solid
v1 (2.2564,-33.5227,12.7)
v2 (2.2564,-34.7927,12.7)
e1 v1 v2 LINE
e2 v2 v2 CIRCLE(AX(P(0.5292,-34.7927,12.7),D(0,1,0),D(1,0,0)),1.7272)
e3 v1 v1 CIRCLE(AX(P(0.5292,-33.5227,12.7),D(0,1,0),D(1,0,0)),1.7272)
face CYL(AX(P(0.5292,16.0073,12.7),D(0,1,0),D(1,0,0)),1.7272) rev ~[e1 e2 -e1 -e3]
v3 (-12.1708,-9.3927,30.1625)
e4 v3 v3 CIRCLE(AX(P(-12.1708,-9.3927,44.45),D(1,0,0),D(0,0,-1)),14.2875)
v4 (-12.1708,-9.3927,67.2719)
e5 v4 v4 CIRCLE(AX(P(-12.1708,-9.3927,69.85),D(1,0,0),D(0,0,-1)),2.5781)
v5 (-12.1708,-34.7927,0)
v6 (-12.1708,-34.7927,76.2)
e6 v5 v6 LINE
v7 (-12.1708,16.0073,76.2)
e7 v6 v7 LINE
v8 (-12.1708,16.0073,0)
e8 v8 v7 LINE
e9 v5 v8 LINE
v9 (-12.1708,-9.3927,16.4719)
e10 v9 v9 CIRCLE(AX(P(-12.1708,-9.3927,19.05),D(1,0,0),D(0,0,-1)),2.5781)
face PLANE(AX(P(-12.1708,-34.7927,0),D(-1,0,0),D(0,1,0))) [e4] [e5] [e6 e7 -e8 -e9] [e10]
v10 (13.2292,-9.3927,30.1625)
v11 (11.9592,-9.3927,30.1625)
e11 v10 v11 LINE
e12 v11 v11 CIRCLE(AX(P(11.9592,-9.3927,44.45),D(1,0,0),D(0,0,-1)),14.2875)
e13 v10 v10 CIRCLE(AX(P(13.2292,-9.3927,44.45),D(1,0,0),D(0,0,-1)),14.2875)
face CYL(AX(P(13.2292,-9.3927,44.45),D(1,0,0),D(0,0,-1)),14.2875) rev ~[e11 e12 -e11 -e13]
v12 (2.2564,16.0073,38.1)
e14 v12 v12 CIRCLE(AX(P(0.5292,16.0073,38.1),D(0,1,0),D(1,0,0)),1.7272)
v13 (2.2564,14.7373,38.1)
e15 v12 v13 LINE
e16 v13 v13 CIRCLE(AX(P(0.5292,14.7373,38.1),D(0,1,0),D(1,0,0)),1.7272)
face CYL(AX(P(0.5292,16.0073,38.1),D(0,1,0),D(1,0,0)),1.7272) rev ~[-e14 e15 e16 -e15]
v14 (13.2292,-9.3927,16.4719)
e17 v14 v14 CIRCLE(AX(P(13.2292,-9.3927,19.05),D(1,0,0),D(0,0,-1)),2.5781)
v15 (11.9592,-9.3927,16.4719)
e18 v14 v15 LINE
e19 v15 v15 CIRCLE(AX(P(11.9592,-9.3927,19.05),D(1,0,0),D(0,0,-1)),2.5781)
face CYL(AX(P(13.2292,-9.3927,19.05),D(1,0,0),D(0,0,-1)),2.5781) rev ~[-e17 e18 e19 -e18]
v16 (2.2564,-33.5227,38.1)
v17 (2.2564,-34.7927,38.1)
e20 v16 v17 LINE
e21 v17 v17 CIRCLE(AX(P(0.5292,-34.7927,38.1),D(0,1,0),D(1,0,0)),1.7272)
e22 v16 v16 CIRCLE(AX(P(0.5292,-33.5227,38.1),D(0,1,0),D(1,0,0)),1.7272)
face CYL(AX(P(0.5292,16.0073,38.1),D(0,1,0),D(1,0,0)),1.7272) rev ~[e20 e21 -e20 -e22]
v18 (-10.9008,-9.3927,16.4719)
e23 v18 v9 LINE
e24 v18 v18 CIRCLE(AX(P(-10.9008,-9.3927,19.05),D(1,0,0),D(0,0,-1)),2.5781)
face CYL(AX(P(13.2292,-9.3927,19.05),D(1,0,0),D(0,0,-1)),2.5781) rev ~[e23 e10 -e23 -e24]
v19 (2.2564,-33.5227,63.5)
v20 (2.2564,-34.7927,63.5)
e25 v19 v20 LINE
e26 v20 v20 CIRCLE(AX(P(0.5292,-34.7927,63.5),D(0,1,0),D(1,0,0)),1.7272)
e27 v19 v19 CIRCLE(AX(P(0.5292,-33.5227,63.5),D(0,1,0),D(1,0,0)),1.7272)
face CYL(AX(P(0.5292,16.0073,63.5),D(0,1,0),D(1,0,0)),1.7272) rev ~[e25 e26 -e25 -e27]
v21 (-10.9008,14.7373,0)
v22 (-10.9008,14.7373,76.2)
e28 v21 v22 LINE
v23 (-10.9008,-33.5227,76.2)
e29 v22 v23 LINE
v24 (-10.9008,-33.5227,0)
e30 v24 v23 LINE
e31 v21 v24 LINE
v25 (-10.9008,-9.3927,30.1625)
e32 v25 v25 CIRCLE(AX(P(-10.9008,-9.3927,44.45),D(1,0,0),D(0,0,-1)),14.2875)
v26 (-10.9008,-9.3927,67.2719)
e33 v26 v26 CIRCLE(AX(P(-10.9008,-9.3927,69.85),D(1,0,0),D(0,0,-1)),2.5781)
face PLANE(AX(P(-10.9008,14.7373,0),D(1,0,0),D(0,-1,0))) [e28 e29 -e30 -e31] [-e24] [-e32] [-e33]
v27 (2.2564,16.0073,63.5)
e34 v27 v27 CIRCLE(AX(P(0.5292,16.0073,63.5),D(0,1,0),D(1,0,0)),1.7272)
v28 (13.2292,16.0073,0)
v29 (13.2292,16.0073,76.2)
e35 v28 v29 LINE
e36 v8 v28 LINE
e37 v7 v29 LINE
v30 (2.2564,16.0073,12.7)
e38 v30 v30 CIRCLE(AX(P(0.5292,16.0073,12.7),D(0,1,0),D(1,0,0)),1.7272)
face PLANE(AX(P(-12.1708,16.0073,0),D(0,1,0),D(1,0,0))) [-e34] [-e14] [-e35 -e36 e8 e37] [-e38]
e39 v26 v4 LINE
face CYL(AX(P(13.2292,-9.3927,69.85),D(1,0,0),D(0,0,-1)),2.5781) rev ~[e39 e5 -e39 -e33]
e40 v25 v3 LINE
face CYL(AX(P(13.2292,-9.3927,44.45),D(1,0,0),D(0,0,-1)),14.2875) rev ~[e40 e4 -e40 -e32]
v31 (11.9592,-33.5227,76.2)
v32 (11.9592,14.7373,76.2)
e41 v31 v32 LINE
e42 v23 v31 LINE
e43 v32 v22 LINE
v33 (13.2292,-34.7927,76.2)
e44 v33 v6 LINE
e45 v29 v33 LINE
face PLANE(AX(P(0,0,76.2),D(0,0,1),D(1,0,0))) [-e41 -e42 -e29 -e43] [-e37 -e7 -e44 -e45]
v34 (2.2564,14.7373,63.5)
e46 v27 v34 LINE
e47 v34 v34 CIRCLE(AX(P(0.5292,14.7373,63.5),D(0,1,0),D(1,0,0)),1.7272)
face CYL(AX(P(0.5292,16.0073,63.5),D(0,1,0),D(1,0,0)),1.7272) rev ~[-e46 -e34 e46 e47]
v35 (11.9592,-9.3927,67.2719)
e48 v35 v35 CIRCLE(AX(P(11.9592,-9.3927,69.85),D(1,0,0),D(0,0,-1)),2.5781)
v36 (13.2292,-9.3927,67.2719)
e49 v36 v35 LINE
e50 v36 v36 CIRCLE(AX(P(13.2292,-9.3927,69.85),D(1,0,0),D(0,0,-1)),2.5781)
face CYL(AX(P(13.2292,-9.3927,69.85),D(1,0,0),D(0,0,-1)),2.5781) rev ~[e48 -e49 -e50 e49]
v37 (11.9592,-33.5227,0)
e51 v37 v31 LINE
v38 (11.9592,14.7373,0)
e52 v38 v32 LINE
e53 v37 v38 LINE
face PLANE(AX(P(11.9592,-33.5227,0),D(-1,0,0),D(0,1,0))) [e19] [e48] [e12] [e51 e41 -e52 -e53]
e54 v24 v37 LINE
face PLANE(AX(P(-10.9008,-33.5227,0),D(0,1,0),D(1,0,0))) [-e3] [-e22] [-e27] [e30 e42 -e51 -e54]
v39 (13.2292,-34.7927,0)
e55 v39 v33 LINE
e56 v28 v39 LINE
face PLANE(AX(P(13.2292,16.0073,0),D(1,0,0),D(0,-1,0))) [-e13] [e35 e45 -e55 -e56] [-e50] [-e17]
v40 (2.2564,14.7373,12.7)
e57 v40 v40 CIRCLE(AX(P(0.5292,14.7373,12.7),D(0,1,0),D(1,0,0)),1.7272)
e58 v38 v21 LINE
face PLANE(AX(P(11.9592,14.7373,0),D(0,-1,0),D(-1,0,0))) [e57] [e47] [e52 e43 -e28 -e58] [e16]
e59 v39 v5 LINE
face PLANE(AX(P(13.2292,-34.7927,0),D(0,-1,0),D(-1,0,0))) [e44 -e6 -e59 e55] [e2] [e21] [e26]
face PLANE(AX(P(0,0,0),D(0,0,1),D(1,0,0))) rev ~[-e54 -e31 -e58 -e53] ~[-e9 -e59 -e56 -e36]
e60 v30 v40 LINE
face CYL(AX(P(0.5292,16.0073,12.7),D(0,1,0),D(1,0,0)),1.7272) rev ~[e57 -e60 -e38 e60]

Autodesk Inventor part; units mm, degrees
ref_plane "YZ Plane" through (0, 0, 0) normal (1, 0, 0) x (0, 1, 0)
ref_plane "XZ Plane" through (0, 0, 0) normal (0, 1, 0) x (-1, 0, 0)
ref_plane "XY Plane" through (0, 0, 0) normal (0, 0, 1) x (1, 0, 0)
sketch "Sketch1" plane through (0, 0, 0) normal (0, 0, 1) x (1, 0, 0)
  line L0 (-12.1708, 16.0073) -> (13.2292, 16.0073)
  line L1 (13.2292, 16.0073) -> (13.2292, -34.7927)
  line L2 (13.2292, -34.7927) -> (-12.1708, -34.7927)
  line L3 (-12.1708, -34.7927) -> (-12.1708, 16.0073)
  line L4 (11.9592, 14.7373) -> (-10.9008, 14.7373)
  line L5 (-10.9008, 14.7373) -> (-10.9008, -33.5227)
  line L6 (-10.9008, -33.5227) -> (11.9592, -33.5227)
  line L7 (11.9592, -33.5227) -> (11.9592, 14.7373)
  point P0 (0, 0)
  dimension "d0" = 25.4
  dimension "d1" = 50.8
  dimension "d2" = 1.27
extrude "Extrusion1" add sketch "Sketch1" along normal blind 76.2
sketch "Sketch2" plane through (-12.1708, 16.0073, 0) normal (0, 1, 0) x (1, 0, 0)
  circle A0 centre (12.7, -12.7) radius 1.7272
  line L0 (25.4, 0) -> (0, 0) projected
  line L1 (0, 0) -> (0, -76.2) projected
  point P0 (12.1708, 0)
  dimension "d5" = 3.4544
  dimension "d6" = 12.7
  dimension "d7" = 12.7
extrude "Extrusion2" cut sketch "Sketch2" against normal through all
pattern_linear "Rectangular Pattern1" count 8 spacing 25.4 along (0, 0, 1) of "Extrusion2"
sketch "Sketch3" plane through (13.2292, -34.7927, 0) normal (1, 0, 0) x (0, 0, -1)
  circle A0 centre (-44.45, 25.4) radius 14.2875
  line L0 (0, 0) -> (0, 50.8) projected
  line L1 (-76.2, 0) -> (-76.2, 50.8) projected
  circle A1 centre (-69.85, 25.4) radius 2.5781
  circle A2 centre (-19.05, 25.4) radius 2.5781
  line L2 (-76.2, 50.8) -> (-76.2, 0) construction
  line L3 (-76.2, 25.4) -> (0, 25.4) construction
  line L4 (0, 1.27) -> (0, 49.53) construction
  line L5 (0, 0) -> (-76.2, 0) construction
  point P0 (0, 34.7927)
  dimension "d15" = 28.575
  dimension "d19" = 31.75
  dimension "d20" = 5.1562
  dimension "d21" = 5.1562
  dimension "d22" = 25.4
  dimension "d23" = 25.4
  dimension "d24" = 25.4
extrude "Extrusion3" cut sketch "Sketch3" against normal through all contours A0
extrude "Extrusion4" cut sketch "Sketch3" against normal through all contours A1 | A2
equation "\"d3\" = d13"
equation "\"d10\" = d14"
equation "\"d13\" = 76.2"
equation "\"d14\" = d13"
properties part number "VerseFrame 5in STOCK"
